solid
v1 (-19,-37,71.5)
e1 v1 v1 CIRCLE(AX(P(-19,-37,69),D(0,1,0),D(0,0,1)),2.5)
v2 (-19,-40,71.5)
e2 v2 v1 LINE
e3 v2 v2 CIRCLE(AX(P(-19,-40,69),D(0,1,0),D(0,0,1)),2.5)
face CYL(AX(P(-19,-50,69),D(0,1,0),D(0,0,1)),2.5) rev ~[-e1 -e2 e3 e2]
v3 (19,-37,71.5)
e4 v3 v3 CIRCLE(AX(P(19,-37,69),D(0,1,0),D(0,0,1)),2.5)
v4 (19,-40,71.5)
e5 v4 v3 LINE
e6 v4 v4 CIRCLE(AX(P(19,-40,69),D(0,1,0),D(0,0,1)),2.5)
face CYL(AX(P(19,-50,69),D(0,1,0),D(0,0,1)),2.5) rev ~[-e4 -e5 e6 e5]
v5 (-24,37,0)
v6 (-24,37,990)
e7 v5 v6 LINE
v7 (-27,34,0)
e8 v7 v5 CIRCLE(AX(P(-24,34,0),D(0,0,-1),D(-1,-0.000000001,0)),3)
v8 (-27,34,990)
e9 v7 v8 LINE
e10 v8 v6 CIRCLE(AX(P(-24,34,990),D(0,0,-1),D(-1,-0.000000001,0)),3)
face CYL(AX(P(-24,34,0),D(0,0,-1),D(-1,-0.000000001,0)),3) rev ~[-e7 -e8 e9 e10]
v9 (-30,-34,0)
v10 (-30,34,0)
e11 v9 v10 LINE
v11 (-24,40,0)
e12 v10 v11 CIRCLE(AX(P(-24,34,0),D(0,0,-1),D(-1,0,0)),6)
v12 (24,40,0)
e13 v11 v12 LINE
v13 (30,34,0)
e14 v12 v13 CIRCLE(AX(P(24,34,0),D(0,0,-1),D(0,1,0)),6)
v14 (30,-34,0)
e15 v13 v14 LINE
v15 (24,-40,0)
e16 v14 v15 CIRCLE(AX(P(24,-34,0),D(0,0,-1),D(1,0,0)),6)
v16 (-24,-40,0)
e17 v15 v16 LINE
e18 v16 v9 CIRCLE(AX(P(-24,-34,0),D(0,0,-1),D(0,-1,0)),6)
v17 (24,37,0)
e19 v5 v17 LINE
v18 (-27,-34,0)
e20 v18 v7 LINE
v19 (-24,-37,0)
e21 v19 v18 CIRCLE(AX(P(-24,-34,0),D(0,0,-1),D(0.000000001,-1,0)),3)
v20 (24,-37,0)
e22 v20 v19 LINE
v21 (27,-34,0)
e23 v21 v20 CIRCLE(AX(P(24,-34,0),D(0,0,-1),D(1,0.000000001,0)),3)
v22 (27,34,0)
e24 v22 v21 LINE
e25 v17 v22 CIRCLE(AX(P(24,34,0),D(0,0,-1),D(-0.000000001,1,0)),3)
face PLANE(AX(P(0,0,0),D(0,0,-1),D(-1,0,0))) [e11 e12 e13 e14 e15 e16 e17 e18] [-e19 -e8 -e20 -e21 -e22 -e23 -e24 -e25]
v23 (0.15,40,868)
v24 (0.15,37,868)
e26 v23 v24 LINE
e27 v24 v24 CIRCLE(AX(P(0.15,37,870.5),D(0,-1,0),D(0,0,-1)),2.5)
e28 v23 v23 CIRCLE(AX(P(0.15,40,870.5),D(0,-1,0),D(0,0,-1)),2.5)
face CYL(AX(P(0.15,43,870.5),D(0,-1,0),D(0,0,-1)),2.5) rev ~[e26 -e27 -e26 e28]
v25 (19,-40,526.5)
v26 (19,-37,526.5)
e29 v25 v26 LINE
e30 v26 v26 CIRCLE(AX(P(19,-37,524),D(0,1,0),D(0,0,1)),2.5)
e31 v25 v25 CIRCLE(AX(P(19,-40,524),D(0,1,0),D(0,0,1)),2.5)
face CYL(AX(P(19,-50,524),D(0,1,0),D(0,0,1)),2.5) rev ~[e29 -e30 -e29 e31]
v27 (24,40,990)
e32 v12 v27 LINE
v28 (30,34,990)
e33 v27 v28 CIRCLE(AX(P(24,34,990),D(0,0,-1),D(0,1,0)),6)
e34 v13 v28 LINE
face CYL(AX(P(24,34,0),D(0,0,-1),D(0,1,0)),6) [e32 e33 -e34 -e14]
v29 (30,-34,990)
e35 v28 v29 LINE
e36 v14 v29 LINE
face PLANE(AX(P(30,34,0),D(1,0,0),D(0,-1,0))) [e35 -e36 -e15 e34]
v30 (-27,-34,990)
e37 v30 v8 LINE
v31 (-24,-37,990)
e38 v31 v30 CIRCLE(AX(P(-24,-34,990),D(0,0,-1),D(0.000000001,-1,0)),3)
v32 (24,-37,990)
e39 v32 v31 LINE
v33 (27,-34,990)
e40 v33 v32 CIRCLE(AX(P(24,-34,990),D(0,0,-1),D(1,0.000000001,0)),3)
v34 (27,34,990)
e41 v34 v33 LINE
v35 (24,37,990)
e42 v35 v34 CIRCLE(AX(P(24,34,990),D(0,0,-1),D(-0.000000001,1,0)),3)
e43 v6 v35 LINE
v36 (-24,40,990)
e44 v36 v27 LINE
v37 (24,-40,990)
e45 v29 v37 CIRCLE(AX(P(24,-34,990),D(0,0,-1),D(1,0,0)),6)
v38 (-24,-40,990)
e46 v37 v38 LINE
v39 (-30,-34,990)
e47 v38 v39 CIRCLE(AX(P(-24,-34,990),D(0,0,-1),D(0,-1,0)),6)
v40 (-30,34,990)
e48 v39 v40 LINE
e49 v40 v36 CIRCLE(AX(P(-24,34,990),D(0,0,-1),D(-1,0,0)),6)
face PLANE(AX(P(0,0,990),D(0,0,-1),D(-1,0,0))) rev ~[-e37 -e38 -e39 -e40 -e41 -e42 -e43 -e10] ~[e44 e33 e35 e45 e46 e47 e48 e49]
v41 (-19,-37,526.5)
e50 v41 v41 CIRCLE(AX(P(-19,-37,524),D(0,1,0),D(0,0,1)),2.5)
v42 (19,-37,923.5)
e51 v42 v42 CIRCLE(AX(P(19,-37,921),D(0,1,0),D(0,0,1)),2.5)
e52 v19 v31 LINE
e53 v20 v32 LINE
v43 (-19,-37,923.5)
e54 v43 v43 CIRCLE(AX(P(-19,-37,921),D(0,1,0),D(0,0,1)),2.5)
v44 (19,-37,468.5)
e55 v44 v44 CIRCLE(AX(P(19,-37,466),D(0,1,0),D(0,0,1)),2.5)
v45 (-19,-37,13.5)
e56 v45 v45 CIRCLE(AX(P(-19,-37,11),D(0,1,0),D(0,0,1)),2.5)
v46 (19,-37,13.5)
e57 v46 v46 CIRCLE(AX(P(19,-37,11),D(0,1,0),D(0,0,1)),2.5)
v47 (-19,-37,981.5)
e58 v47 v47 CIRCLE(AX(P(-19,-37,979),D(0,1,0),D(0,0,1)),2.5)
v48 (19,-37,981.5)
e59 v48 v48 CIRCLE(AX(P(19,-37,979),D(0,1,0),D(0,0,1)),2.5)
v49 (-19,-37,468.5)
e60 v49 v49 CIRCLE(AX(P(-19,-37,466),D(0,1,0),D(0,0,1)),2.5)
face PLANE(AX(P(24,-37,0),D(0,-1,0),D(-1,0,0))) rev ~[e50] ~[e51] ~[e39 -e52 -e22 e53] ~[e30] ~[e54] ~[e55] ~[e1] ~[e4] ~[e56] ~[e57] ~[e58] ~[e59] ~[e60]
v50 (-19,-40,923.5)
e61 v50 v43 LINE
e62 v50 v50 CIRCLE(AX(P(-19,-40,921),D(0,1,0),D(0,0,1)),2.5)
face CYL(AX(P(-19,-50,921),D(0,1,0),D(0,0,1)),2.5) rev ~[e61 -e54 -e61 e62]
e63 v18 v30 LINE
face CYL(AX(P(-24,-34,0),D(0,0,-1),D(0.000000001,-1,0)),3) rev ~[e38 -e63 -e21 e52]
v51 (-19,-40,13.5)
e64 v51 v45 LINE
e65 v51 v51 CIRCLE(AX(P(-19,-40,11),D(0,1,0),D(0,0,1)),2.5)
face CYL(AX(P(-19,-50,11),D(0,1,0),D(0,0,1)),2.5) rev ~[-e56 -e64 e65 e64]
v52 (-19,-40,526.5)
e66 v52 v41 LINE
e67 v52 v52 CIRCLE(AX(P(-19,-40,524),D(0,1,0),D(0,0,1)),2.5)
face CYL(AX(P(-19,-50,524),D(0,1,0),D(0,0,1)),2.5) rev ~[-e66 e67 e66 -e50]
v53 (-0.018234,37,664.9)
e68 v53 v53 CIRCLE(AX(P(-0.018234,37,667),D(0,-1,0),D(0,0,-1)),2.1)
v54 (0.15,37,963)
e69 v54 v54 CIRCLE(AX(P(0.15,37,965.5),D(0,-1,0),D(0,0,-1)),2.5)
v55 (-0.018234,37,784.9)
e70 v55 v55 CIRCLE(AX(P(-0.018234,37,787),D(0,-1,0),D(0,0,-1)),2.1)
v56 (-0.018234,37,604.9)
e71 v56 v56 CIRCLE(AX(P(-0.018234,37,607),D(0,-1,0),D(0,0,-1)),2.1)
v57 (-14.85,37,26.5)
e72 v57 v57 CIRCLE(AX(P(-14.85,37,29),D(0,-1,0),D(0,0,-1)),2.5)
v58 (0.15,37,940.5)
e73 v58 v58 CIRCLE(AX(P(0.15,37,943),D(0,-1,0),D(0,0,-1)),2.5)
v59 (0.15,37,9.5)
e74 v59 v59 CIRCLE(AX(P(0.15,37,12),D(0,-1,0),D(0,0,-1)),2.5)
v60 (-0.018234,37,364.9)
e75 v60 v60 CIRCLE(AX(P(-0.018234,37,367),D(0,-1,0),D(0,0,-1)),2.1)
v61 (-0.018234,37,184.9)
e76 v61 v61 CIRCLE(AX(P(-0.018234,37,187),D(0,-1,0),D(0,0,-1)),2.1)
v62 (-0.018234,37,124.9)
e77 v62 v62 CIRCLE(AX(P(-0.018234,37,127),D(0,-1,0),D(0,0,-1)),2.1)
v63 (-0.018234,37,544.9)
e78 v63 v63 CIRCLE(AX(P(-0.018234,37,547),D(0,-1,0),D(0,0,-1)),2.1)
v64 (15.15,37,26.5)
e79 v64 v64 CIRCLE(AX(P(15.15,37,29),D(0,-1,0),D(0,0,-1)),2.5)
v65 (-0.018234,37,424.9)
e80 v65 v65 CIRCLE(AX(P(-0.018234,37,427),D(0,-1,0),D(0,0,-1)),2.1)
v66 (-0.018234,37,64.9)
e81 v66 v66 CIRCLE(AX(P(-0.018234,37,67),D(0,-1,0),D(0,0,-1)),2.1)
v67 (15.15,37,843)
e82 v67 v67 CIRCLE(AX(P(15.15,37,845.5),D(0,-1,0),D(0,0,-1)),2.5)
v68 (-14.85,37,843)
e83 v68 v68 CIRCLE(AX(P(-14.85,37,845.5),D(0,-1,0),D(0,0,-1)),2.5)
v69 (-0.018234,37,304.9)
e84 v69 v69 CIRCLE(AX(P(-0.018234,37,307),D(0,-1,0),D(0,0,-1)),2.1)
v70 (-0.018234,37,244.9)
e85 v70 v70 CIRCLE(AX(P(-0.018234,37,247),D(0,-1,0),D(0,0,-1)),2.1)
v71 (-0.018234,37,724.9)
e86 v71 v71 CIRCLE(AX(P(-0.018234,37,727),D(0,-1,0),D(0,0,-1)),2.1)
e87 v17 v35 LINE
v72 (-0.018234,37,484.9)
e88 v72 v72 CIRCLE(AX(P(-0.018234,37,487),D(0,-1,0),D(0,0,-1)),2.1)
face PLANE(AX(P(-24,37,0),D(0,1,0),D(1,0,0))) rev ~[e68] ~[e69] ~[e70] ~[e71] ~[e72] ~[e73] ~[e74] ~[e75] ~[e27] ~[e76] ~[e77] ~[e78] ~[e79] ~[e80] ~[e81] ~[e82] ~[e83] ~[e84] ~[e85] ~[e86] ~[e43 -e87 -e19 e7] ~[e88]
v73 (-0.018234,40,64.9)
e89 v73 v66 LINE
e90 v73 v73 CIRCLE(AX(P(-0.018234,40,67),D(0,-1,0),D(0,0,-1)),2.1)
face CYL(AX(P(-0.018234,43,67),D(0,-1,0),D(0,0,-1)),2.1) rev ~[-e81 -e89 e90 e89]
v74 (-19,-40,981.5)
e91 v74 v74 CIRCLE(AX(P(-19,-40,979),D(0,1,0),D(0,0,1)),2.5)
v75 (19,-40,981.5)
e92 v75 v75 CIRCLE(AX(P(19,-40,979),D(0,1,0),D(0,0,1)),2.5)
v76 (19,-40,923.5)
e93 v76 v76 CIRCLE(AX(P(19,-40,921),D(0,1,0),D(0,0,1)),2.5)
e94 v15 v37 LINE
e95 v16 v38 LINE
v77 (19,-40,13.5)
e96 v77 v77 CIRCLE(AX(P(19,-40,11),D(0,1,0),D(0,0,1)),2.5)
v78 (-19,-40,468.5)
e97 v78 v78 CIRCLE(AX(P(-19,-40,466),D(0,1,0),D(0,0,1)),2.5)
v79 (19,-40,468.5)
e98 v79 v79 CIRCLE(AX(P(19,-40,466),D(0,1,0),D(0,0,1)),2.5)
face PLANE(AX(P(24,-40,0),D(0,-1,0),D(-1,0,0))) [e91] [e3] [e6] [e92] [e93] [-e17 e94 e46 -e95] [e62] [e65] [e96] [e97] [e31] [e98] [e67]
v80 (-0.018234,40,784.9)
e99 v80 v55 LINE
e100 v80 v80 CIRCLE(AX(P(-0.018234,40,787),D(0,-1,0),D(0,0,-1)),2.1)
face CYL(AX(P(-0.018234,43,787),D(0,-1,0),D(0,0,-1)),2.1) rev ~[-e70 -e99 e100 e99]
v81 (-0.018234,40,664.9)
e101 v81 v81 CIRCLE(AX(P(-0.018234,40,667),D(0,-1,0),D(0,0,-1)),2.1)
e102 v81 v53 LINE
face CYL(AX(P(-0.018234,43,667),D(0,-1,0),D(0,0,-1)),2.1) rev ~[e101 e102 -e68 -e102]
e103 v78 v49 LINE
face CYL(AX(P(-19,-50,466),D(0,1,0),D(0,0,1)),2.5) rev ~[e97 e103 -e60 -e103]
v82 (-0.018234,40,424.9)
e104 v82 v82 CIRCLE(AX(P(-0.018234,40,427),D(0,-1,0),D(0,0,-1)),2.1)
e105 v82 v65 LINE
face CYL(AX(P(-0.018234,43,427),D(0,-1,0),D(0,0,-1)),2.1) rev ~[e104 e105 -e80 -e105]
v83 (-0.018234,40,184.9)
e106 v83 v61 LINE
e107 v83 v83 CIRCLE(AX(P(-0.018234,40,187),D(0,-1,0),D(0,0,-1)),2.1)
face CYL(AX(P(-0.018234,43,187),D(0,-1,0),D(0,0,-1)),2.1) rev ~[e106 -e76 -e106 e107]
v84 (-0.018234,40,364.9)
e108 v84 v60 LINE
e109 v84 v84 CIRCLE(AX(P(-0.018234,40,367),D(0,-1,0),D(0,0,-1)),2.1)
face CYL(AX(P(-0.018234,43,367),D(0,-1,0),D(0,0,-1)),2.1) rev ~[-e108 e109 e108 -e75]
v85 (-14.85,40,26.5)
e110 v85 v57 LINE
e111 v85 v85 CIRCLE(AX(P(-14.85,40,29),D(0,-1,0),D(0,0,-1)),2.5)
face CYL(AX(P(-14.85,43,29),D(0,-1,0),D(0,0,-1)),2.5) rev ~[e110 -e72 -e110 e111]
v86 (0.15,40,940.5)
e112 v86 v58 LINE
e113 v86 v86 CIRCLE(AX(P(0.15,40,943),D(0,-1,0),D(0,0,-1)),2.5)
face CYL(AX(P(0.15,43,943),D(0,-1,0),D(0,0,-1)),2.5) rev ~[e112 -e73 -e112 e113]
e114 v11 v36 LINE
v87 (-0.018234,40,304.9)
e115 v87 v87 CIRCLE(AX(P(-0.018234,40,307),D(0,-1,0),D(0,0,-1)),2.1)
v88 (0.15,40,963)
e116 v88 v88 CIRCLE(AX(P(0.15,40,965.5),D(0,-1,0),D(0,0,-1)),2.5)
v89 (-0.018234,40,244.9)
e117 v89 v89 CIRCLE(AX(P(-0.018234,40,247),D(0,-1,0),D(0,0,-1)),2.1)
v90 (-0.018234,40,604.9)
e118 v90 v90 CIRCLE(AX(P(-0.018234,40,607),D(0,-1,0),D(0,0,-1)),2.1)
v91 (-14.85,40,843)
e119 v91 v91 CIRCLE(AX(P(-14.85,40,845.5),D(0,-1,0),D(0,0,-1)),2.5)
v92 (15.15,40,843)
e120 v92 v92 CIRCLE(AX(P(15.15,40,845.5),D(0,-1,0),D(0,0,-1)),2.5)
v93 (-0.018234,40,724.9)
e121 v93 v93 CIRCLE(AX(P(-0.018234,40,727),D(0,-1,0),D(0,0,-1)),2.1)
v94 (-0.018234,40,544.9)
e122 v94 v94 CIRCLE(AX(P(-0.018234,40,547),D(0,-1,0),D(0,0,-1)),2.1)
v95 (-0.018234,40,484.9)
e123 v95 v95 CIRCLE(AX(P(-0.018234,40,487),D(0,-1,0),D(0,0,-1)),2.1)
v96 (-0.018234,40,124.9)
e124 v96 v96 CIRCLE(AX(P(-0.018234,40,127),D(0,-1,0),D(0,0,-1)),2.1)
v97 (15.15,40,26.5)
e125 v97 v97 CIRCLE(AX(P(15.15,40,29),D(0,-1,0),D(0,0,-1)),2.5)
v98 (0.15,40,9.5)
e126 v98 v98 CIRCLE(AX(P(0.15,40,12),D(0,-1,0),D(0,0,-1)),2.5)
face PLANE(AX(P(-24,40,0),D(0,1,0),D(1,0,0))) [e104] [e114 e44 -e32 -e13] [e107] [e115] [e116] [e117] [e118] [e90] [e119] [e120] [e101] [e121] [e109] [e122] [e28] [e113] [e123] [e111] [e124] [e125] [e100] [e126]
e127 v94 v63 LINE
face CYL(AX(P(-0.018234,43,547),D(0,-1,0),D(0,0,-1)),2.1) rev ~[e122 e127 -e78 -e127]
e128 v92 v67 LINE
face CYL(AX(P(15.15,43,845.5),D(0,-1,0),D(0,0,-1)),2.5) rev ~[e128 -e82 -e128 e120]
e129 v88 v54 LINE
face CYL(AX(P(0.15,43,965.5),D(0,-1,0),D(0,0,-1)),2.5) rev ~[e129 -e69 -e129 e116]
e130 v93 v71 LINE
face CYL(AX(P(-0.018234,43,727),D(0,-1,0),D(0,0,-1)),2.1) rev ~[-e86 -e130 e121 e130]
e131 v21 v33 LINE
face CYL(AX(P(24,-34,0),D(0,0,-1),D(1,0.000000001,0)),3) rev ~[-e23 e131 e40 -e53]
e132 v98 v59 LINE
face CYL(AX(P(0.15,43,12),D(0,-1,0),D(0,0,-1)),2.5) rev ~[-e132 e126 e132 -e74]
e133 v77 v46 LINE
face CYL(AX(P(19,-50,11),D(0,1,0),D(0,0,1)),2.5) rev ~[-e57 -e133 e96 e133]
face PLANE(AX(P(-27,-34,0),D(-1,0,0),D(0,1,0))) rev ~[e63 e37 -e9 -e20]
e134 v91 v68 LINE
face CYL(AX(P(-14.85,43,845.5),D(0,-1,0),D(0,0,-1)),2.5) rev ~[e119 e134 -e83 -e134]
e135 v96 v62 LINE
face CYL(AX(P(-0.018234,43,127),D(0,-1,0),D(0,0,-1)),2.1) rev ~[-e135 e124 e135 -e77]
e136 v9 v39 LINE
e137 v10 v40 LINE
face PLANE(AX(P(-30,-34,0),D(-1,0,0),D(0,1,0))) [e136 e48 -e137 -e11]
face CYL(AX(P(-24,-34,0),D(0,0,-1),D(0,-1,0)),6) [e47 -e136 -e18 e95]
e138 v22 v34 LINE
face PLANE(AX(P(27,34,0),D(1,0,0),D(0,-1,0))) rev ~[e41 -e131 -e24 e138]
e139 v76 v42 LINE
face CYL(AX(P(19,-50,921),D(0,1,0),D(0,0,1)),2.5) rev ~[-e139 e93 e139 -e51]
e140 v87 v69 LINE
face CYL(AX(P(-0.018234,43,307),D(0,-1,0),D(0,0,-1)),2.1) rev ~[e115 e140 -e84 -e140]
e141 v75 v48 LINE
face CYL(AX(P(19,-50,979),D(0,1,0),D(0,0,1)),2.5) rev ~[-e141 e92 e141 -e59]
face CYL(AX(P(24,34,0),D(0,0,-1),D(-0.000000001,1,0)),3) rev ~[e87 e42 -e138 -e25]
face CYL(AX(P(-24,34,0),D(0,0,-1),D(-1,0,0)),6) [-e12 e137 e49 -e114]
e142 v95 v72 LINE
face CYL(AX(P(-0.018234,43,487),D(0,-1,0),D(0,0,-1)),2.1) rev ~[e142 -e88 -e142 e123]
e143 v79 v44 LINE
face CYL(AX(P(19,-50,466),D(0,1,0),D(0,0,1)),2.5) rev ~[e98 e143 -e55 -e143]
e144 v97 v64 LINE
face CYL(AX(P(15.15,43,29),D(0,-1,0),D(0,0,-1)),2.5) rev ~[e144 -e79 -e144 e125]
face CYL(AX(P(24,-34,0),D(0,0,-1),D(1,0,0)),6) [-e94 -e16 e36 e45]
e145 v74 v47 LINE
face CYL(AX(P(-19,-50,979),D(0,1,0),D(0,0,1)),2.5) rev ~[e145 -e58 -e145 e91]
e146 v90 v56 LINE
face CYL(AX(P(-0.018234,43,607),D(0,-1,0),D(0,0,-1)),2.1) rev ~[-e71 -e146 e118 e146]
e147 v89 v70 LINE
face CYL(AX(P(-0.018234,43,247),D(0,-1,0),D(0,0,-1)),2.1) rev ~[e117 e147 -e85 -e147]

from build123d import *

# Parameters (mm, degrees)
BOSS_EXTRUDE1_DEPTH             = 990
TAP_DRILL_FOR_M6X1_0_TAP1_D     = 5
TAP_DRILL_FOR_M6X1_0_TAP1_DEPTH = 10
TAP_DRILL_FOR_M6X1_0_TAP1_TIP   = 1.502151548
TAP_DRILL_FOR_M5X0_8_TAP1_D     = 4.2
TAP_DRILL_FOR_M5X0_8_TAP1_DEPTH = 3
TAP_DRILL_FOR_M6X1_0_TAP2_D     = 5
TAP_DRILL_FOR_M6X1_0_TAP2_DEPTH = 3


with BuildPart() as part:
    # Sketch1 → Boss-Extrude1 (new body)
    with BuildSketch(Plane.XY):
        with BuildLine():
            Line((-30, -34), (-30, 34))
            ThreePointArc((-30, 34), (-28.242640687, 38.242640687), (-24, 40))
            Line((-24, 40), (24, 40))
            ThreePointArc((24, 40), (28.242640687, 38.242640687), (30, 34))
            Line((30, 34), (30, -34))
            ThreePointArc((30, -34), (28.242640687, -38.242640687), (24, -40))
            Line((24, -40), (-24, -40))
            ThreePointArc((-24, -40), (-28.242640687, -38.242640687), (-30, -34))
        make_face()
        with BuildLine():
            Line((-27, -34), (-27, 34))
            ThreePointArc((-27, 34), (-26.121320344, 36.121320344), (-24, 37))
            Line((-24, 37), (24, 37))
            ThreePointArc((24, 37), (26.121320344, 36.121320344), (27, 34))
            Line((27, 34), (27, -34))
            ThreePointArc((27, -34), (26.121320344, -36.121320344), (24, -37))
            Line((24, -37), (-24, -37))
            ThreePointArc((-24, -37), (-26.121320344, -36.121320344), (-27, -34))
        make_face(mode=Mode.SUBTRACT)
    extrude(amount=BOSS_EXTRUDE1_DEPTH)

    # Tap Drill for M6x1.0 Tap1
    with Locations(Plane(origin=(19, -40, 979), x_dir=(0, 0, -1), z_dir=(0, -1, 0))):
        with Locations((0, 0), (0, -38), (58, -38), (58, 0), (455, 0), (455, -38), (513, 0), (513, -38), (910, 0), (968, 0), (968, -38), (910, -38)):
            Hole(TAP_DRILL_FOR_M6X1_0_TAP1_D / 2, depth=TAP_DRILL_FOR_M6X1_0_TAP1_DEPTH)
            with Locations((0, 0, -(TAP_DRILL_FOR_M6X1_0_TAP1_DEPTH + TAP_DRILL_FOR_M6X1_0_TAP1_TIP / 2))):  # 118° drill point
                Cone(0, TAP_DRILL_FOR_M6X1_0_TAP1_D / 2, TAP_DRILL_FOR_M6X1_0_TAP1_TIP, mode=Mode.SUBTRACT)

    # Tap Drill for M5x0.8 Tap1
    with Locations(Plane(origin=(-0.018233765, 40, 787), x_dir=(0, 0, 1), z_dir=(0, 1, 0))):
        with Locations((0, 0), (-60, 0), (-120, 0), (-180, 0), (-240, 0), (-300, 0), (-360, 0), (-420, 0), (-480, 0), (-540, 0), (-600, 0), (-660, 0), (-720, 0)):
            Hole(TAP_DRILL_FOR_M5X0_8_TAP1_D / 2, depth=TAP_DRILL_FOR_M5X0_8_TAP1_DEPTH)

    # Tap Drill for M6x1.0 Tap2
    with Locations(Plane(origin=(0.15, 40, 965.5), x_dir=(0, 0, 1), z_dir=(0, 1, 0))):
        with Locations((0, 0), (-22.5, 0), (-95, 0), (-120, -15), (-120, 15), (-936.5, 15), (-953.5, 0), (-936.5, -15)):
            Hole(TAP_DRILL_FOR_M6X1_0_TAP2_D / 2, depth=TAP_DRILL_FOR_M6X1_0_TAP2_DEPTH)


solid = part.part
